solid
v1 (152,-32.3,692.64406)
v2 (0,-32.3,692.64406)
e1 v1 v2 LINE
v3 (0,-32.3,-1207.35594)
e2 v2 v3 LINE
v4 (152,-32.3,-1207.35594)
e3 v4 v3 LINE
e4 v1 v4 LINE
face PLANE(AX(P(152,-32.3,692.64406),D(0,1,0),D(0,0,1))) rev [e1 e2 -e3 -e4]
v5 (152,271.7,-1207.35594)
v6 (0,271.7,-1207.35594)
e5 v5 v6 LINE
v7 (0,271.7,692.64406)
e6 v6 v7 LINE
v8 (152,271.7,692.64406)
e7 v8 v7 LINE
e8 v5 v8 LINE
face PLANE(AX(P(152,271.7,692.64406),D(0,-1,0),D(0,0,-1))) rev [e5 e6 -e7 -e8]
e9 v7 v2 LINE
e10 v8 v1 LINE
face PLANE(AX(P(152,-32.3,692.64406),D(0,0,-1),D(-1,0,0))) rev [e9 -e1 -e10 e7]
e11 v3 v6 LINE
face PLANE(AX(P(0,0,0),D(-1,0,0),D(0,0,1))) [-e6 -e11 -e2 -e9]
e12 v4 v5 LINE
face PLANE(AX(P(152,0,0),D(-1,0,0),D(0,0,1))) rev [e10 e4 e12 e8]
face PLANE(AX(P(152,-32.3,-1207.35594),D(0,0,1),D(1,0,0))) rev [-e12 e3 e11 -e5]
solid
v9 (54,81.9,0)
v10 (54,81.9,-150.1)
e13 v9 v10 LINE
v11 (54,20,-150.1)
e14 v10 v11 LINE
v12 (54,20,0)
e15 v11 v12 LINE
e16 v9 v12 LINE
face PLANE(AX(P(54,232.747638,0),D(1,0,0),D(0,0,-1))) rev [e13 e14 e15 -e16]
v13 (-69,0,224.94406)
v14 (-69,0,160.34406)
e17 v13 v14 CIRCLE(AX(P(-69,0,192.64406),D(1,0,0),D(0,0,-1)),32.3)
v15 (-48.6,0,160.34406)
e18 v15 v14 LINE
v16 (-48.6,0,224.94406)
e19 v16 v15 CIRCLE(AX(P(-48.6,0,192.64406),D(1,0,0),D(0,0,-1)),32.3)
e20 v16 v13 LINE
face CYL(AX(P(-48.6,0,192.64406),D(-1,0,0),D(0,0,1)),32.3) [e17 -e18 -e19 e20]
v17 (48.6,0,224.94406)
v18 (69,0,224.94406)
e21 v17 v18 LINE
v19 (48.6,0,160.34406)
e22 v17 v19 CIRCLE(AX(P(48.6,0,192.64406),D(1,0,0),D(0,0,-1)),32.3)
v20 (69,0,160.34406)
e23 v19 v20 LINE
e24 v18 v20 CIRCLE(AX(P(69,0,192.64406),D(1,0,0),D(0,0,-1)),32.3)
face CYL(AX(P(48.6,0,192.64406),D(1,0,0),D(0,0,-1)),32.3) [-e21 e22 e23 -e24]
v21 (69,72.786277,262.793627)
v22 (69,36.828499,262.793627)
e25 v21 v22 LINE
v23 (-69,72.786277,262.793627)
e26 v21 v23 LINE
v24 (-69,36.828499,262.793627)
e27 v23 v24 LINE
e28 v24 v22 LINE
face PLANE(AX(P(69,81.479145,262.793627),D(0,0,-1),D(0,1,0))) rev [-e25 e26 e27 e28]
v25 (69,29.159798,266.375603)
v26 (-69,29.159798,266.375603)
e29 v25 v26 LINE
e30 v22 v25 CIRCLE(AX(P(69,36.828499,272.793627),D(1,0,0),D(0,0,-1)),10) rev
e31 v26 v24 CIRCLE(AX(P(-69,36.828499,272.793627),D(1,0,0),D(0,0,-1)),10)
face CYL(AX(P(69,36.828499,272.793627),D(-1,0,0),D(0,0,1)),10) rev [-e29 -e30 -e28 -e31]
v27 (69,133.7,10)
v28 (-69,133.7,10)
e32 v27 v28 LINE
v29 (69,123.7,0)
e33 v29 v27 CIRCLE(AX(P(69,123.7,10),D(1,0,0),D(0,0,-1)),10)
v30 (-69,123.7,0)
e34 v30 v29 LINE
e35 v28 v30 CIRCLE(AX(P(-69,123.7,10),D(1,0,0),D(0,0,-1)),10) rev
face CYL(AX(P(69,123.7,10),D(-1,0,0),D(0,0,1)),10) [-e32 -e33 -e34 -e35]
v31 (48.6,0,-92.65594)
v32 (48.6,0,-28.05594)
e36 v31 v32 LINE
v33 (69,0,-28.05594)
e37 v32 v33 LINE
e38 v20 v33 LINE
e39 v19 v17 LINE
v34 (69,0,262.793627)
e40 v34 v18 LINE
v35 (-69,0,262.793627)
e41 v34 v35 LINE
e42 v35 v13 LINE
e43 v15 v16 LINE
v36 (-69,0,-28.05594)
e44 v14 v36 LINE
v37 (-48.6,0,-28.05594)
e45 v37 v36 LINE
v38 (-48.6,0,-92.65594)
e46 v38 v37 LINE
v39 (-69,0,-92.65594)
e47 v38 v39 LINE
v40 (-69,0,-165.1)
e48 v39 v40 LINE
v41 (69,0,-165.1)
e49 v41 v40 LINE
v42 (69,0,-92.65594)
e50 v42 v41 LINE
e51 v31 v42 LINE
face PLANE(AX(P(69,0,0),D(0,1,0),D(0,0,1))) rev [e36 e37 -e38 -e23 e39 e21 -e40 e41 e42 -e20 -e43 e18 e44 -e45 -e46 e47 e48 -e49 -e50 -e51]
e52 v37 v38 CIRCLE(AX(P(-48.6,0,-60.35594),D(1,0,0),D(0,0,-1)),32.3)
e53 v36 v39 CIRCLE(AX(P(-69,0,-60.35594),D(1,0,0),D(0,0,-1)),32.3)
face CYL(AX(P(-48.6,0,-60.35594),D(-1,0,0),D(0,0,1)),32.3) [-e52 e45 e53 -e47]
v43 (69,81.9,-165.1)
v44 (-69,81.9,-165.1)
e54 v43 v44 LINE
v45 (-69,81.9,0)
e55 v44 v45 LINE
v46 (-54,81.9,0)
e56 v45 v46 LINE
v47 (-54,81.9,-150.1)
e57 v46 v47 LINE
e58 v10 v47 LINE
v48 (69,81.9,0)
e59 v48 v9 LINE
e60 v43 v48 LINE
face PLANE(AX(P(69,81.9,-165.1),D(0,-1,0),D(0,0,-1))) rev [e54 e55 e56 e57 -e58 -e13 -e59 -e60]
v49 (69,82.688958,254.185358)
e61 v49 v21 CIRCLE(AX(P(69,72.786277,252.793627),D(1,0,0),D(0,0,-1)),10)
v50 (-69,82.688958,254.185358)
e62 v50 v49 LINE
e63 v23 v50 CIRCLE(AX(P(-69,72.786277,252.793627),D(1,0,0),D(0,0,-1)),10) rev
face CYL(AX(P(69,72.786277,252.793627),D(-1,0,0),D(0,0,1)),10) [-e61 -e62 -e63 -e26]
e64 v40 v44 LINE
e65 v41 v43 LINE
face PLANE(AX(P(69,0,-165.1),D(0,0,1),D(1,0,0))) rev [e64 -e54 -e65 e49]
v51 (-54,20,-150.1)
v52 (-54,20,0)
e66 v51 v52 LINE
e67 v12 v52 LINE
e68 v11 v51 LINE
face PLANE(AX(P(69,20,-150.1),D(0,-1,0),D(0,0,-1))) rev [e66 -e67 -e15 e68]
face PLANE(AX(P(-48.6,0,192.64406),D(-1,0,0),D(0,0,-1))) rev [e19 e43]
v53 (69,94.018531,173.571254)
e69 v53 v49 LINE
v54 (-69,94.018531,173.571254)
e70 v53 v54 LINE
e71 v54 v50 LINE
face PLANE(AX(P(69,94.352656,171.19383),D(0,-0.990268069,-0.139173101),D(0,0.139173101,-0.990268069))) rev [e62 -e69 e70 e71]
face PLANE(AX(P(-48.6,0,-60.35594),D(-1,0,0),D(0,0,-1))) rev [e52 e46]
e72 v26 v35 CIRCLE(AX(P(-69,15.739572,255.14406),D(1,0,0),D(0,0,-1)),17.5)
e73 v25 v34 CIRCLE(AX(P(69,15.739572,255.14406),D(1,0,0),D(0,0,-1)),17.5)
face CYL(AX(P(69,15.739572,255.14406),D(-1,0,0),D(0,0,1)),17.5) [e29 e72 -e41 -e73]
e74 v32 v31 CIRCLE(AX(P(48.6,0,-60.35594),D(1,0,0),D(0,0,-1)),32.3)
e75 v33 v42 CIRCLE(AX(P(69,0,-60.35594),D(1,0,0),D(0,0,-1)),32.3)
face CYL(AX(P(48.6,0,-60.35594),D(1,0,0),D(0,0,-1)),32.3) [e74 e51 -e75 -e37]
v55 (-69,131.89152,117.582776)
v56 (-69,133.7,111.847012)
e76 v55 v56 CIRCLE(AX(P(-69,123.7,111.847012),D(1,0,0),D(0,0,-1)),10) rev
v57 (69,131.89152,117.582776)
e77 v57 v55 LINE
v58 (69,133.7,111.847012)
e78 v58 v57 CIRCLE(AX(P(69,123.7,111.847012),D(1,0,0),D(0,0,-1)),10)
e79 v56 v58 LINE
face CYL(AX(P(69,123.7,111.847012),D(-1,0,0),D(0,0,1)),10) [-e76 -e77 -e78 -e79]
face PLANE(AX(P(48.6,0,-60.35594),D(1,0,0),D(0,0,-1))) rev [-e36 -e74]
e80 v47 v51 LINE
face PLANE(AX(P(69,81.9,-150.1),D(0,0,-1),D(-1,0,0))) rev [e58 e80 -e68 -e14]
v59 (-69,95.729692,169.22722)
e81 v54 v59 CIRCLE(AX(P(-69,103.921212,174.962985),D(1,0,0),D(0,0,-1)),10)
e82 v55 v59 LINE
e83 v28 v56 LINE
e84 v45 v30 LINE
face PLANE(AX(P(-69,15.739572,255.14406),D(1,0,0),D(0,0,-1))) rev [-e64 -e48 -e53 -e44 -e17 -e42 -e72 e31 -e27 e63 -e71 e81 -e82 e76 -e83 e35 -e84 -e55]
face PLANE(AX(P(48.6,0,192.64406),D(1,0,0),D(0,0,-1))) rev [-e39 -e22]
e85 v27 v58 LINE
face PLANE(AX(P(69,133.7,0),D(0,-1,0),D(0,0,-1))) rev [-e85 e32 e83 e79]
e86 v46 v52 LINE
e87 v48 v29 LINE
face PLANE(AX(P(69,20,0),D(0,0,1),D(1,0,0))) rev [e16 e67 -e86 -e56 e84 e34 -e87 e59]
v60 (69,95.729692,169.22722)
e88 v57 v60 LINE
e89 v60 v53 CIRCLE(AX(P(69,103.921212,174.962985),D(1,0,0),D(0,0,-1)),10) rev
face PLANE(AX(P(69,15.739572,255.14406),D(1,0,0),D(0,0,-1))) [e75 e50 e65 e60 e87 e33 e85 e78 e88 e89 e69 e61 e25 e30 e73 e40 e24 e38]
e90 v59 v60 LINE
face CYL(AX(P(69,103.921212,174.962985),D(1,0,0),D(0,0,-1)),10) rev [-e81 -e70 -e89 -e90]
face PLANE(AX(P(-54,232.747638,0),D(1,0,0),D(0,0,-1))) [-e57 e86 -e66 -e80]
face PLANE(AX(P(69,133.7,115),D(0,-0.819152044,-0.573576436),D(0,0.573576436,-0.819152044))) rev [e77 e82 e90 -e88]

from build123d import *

# Parameters (mm, degrees)
BOSS_EXTRUDE1_DEPTH = 69
SKETCH4_W           = 15
SKETCH4_H           = 150.1
BOSS_EXTRUDE2_DEPTH = 61.9
BOSS_EXTRUDE3_DEPTH = 20.4
FILLET1_R           = 10
SKETCH6_W           = 1900
SKETCH6_H           = 304
BOSS_EXTRUDE4_DEPTH = 152


with BuildPart() as part:
    # Sketch2 → Boss-Extrude1 (new body, symmetric)
    with BuildSketch(Plane(origin=(0, 0, 0), x_dir=(0, 0, -1), z_dir=(1, 0, 0))):
        with BuildLine():
            Line((-262.793626597, 0), (0, 0))
            Line((0, 0), (165.1, 0))
            Line((165.1, 0), (165.1, 81.9))
            Line((165.1, 81.9), (150.1, 81.9))
            Line((150.1, 81.9), (150.1, 20))
            Line((150.1, 20), (0, 20))
            Line((0, 20), (0, 133.7))
            Line((0, 133.7), (-115, 133.7))
            Line((-115, 133.7), (-171.193830238, 94.352656466))
            Line((-171.193830238, 94.352656466), (-262.793626597, 81.479144628))
            Line((-262.793626597, 81.479144628), (-262.793626597, 31.479144628))
            ThreePointArc((-262.793626597, 31.479144628), (-272.644060375, 15.739572314), (-262.793626597, 0))
        make_face()
    extrude(amount=BOSS_EXTRUDE1_DEPTH, both=True)

    # Sketch4 → Boss-Extrude2 (add)
    with BuildSketch(Plane(origin=(0, 20, 0), x_dir=(1, 0, 0), z_dir=(0, 1, 0))):
        with Locations((61.5, 75.05)):
            Rectangle(SKETCH4_W, SKETCH4_H)
    boss_extrude2 = extrude(amount=BOSS_EXTRUDE2_DEPTH)

    # Mirror1: Boss-Extrude2 across plane
    add(boss_extrude2.mirror(Plane(origin=(0, 0, 0), x_dir=(0, 0, 1), z_dir=(1, 0, 0))))

    # Sketch5 → Boss-Extrude3 (add)
    with BuildSketch(Plane(origin=(69, 0, 0), x_dir=(0, 0, -1), z_dir=(1, 0, 0))):
        with BuildLine():
            Line((-224.944060375, 0), (-160.344060375, 0))
            ThreePointArc((-160.344060375, 0), (-192.644060375, -32.3), (-224.944060375, 0))
        make_face()
        with BuildLine():
            Line((28.055939625, 0), (92.655939625, 0))
            ThreePointArc((92.655939625, 0), (60.355939625, -32.3), (28.055939625, 0))
        make_face()
    boss_extrude3 = extrude(amount=-BOSS_EXTRUDE3_DEPTH)

    # Mirror2: Boss-Extrude3 across plane
    add(boss_extrude3.mirror(Plane(origin=(0, 0, 0), x_dir=(0, 0, 1), z_dir=(1, 0, 0))))

    # Fillet1
    fillet1_edges = [part.edges().sort_by_distance(p)[0] for p in [
        (0, 31.479144628, 262.793626597),
        (0, 81.479144628, 262.793626597),
        (0, 94.352656466, 171.193830238),
        (0, 133.7, 115),
        (0, 133.7, 0),
    ]]
    fillet(fillet1_edges, radius=FILLET1_R)


with BuildPart() as body_2:
    # Sketch6 → Boss-Extrude4 (new body)
    with BuildSketch(Plane(origin=(0, 0, 0), x_dir=(0, 0, -1), z_dir=(1, 0, 0))):
        with Locations((257.355939625, 119.7)):
            Rectangle(SKETCH6_W, SKETCH6_H)
    extrude(amount=BOSS_EXTRUDE4_DEPTH)


solid = Compound([part.part, body_2.part])
